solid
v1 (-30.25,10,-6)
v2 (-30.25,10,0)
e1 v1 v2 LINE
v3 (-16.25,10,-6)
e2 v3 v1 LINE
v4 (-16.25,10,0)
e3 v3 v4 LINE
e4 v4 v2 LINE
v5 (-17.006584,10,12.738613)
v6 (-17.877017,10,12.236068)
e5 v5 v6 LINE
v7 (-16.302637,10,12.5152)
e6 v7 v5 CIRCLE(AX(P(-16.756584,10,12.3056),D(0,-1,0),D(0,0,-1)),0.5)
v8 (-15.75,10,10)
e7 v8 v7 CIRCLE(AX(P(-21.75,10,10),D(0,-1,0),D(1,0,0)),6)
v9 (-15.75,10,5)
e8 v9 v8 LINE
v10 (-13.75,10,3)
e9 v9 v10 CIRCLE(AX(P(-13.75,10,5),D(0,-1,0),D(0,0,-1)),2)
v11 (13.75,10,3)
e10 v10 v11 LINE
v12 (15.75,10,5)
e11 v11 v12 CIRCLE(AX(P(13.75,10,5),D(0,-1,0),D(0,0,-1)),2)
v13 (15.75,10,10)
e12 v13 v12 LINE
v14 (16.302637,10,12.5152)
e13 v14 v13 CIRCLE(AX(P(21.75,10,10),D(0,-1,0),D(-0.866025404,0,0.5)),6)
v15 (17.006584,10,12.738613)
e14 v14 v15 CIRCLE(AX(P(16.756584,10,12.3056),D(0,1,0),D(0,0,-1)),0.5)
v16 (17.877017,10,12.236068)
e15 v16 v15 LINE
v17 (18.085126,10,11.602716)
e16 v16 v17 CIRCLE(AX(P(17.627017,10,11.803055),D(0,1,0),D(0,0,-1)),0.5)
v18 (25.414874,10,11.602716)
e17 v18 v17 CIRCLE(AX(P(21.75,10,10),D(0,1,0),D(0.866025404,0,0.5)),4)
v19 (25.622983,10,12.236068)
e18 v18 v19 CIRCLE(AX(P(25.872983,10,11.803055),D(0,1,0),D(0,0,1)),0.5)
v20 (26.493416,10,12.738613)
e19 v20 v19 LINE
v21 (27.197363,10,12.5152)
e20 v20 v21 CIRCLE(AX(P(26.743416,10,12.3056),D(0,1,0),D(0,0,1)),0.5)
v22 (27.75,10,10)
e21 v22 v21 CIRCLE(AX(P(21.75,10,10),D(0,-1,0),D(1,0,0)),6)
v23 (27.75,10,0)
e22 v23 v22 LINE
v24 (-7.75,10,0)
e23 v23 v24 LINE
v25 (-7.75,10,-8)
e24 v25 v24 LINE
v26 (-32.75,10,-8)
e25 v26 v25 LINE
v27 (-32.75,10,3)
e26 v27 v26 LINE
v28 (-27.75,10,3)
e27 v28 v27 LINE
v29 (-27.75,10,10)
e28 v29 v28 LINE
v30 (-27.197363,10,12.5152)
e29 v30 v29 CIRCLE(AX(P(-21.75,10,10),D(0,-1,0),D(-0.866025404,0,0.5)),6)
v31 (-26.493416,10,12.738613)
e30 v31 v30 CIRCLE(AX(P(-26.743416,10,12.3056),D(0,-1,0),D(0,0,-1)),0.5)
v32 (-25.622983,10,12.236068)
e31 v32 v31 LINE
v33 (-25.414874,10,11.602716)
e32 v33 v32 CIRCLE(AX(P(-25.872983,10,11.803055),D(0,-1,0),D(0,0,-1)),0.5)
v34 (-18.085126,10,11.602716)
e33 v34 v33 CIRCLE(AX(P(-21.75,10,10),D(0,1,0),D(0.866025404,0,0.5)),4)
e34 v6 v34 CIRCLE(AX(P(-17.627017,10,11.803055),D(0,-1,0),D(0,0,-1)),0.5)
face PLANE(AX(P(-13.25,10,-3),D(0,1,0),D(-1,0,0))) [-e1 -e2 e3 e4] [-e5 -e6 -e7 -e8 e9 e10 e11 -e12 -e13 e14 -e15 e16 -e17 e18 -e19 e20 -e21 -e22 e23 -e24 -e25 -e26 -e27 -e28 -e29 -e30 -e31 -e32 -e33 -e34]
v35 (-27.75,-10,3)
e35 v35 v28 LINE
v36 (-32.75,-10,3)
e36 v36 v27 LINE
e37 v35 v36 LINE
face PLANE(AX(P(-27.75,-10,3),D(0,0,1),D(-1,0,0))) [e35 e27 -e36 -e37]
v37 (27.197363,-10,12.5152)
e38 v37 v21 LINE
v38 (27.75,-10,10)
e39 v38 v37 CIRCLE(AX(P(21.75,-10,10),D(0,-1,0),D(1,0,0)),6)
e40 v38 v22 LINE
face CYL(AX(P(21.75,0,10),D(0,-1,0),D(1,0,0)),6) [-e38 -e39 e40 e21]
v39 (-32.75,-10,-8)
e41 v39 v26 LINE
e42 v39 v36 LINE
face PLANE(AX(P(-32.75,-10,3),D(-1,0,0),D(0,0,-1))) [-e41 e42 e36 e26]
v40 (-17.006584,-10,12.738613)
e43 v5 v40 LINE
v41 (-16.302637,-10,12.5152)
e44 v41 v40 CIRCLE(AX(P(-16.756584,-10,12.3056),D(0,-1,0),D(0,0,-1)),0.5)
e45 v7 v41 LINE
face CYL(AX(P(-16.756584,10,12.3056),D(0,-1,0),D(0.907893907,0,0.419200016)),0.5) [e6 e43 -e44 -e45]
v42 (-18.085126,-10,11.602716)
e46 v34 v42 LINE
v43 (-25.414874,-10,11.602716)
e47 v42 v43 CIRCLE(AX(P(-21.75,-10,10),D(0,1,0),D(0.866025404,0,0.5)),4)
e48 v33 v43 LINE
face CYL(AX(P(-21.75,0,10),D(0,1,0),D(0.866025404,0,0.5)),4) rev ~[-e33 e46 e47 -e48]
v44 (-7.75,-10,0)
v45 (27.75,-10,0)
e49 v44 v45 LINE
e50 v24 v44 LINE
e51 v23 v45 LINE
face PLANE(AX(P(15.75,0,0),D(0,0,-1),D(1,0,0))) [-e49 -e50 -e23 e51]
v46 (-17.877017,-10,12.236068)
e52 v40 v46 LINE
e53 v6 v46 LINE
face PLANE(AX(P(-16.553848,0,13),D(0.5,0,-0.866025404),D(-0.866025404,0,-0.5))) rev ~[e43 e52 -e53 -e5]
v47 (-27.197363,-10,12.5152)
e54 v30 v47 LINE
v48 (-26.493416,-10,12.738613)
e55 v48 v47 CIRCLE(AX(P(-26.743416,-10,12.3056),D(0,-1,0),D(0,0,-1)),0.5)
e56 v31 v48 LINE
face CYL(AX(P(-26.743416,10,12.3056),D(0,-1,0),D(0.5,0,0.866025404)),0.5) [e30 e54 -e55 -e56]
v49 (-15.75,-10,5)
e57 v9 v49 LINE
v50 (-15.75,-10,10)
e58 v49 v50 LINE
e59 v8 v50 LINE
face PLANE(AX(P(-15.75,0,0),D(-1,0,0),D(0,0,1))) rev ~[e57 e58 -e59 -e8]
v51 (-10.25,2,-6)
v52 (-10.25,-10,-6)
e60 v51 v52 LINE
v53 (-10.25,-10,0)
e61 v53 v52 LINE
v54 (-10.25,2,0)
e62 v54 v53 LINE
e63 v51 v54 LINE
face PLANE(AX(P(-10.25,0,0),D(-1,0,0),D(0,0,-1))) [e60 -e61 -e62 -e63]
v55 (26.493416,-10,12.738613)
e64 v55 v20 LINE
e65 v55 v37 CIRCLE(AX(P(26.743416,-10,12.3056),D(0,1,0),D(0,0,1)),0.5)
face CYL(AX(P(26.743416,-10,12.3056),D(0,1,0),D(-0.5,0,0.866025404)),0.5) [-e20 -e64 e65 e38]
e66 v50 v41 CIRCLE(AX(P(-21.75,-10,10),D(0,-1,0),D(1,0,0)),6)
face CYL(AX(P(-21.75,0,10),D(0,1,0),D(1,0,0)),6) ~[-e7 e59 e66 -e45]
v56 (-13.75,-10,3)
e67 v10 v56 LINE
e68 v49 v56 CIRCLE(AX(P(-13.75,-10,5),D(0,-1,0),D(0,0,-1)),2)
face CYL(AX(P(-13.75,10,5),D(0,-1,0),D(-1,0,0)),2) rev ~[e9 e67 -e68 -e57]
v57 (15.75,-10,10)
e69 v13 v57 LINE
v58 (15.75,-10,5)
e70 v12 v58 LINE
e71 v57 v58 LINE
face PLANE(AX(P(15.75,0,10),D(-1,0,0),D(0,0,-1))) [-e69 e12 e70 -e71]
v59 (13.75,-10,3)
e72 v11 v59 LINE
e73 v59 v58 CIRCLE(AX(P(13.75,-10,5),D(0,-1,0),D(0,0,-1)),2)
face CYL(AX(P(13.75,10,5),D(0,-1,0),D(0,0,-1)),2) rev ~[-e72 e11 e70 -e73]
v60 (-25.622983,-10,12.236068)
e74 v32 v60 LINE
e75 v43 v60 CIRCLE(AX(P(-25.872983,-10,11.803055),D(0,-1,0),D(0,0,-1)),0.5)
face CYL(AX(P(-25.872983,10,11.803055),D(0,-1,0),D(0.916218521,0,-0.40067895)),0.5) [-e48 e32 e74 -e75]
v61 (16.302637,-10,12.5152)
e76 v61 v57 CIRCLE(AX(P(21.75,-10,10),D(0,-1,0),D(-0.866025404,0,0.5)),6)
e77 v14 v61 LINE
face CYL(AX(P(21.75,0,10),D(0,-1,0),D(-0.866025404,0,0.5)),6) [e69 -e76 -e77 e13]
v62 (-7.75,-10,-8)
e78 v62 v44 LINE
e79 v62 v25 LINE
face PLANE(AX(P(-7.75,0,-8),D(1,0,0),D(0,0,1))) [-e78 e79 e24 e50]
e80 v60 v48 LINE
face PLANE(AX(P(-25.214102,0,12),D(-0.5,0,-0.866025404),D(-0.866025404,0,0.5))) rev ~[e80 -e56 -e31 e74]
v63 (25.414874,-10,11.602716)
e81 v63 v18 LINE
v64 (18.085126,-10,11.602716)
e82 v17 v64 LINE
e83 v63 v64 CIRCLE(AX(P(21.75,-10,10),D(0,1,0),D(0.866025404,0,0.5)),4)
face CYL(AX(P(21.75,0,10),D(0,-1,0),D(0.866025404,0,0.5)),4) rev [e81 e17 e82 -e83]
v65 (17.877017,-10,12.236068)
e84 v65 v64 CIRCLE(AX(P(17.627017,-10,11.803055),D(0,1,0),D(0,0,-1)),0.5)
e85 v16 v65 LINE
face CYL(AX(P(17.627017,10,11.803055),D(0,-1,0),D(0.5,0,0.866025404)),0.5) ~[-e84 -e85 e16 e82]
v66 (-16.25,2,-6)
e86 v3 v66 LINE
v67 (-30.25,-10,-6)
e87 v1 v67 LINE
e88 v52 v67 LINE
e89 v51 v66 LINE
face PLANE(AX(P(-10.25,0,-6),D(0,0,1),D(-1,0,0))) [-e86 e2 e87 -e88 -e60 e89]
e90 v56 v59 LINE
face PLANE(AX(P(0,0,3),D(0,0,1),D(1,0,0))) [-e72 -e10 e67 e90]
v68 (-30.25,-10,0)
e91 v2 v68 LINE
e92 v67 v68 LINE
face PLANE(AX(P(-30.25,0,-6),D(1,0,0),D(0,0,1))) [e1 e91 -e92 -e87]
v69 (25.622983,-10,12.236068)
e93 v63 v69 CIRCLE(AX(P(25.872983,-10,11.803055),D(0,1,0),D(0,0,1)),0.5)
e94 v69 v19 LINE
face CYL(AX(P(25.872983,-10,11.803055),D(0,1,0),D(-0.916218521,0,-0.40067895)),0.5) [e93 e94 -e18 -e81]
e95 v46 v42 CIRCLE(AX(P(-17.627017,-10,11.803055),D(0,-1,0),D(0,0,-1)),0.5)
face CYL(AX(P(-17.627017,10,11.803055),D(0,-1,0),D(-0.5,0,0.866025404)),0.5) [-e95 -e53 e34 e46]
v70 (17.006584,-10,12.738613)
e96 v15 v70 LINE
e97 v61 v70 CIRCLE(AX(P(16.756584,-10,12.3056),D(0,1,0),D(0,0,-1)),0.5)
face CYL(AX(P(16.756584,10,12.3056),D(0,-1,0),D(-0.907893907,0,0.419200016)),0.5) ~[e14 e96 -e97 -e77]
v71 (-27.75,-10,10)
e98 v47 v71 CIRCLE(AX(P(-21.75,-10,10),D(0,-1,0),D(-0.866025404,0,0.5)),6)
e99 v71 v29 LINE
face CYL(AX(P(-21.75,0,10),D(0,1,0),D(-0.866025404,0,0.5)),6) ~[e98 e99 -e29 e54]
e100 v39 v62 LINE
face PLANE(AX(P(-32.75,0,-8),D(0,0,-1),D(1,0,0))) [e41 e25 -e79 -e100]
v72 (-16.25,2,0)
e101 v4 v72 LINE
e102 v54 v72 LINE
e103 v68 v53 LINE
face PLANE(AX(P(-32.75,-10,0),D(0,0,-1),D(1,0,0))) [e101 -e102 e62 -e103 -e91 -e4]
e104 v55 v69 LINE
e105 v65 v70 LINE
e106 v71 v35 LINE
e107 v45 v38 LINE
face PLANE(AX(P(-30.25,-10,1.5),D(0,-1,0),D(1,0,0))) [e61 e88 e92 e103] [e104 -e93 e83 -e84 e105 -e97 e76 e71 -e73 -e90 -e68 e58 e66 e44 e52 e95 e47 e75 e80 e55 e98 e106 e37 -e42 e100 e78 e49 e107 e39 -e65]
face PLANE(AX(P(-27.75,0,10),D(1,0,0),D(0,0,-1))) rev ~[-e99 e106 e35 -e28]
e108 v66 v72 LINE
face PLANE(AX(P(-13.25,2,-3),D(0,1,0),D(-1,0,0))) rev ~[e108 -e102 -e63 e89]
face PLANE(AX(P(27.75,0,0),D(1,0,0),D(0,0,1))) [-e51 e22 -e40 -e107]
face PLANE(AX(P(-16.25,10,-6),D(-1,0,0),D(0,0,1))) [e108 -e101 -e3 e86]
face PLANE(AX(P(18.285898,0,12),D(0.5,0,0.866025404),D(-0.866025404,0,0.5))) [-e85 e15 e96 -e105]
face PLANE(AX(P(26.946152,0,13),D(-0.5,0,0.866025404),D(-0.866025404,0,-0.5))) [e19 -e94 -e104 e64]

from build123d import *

# Parameters (mm, degrees)
F0_W      = 54.5
F0_H      = 20
F1_DEPTH  = 3
F3_DEPTH  = 10
F4_R      = 2
F5_R      = 0.5
F7_DEPTH  = 10
F9_DEPTH  = 20
F10_W     = 6
F10_H     = 6
F11_DEPTH = 8


with BuildPart() as f1:
    # F0 (on Top) → F1 (new body)
    with BuildSketch(Plane.XY):
        Rectangle(F0_W, F0_H)
    extrude(amount=F1_DEPTH)

    # F2 (on Front) → F3 (join, symmetric)
    with BuildSketch(Plane.XZ):
        with BuildLine():
            Line((-15.75, 0), (-15.75, 10))
            ThreePointArc((-15.75, 10), (-15.9544450423, 11.5529142706), (-16.5538475773, 13))
            Line((-16.5538475773, 13), (-18.2858983849, 12))
            ThreePointArc((-18.2858983849, 12), (-21.75, 6), (-25.2141016151, 12))
            Line((-25.2141016151, 12), (-26.9461524227, 13))
            ThreePointArc((-26.9461524227, 13), (-27.5455549577, 11.5529142706), (-27.75, 10))
            Line((-27.75, 10), (-27.75, 0))
            Line((-27.75, 0), (-15.75, 0))
        make_face()
        with BuildLine():
            ThreePointArc((25.2141016151, 12), (21.75, 6), (18.2858983849, 12))
            Line((18.2858983849, 12), (16.5538475773, 13))
            ThreePointArc((16.5538475773, 13), (15.9544450423, 11.5529142706), (15.75, 10))
            Line((15.75, 10), (15.75, 0))
            Line((15.75, 0), (27.75, 0))
            Line((27.75, 0), (27.75, 10))
            ThreePointArc((27.75, 10), (27.5455549577, 11.5529142706), (26.9461524227, 13))
            Line((26.9461524227, 13), (25.2141016151, 12))
        make_face()
    extrude(amount=F3_DEPTH, both=True)

    # F4
    f4_edges = [f1.edges().sort_by_distance(p)[0] for p in [
        (-15.75, 0, 3),
        (15.75, 0, 3),
    ]]
    fillet(f4_edges, radius=F4_R)

    # F5
    f5_edges = [f1.edges().sort_by_distance(p)[0] for p in [
        (-26.946152, 0, 13),
        (-25.214102, 0, 12),
        (-18.285898, 0, 12),
        (-16.553848, 0, 13),
        (18.285898, 0, 12),
        (16.553848, 0, 13),
        (25.214102, 0, 12),
        (26.946152, 0, 13),
    ]]
    fillet(f5_edges, radius=F5_R)

    # F6 (on Front) → F7 (join, symmetric)
    with BuildSketch(Plane.XZ):
        Polygon((-7.75, -8), (-7.75, 0), (-10.25, 0), (-10.25, -6), (-30.25, -6), (-30.25, 0), (-32.75, 0), (-32.75, -8), align=None)
    extrude(amount=F7_DEPTH, both=True)

    # F8 (on face) → F9 (join)
    with BuildSketch(Plane.XZ.offset(10)):
        Polygon((-30.25, 0), (-27.75, 0), (-27.75, 3), (-32.75, 3), (-32.75, 0), align=None)
    extrude(amount=-F9_DEPTH)

    # F10 (on face) → F11 (join)
    with BuildSketch(Plane(origin=(0, 10, 0), x_dir=(-1, 0, 0), z_dir=(0, 1, 0))):
        with Locations((13.25, -3)):
            Rectangle(F10_W, F10_H)
    extrude(amount=-F11_DEPTH)


solid = f1.part
